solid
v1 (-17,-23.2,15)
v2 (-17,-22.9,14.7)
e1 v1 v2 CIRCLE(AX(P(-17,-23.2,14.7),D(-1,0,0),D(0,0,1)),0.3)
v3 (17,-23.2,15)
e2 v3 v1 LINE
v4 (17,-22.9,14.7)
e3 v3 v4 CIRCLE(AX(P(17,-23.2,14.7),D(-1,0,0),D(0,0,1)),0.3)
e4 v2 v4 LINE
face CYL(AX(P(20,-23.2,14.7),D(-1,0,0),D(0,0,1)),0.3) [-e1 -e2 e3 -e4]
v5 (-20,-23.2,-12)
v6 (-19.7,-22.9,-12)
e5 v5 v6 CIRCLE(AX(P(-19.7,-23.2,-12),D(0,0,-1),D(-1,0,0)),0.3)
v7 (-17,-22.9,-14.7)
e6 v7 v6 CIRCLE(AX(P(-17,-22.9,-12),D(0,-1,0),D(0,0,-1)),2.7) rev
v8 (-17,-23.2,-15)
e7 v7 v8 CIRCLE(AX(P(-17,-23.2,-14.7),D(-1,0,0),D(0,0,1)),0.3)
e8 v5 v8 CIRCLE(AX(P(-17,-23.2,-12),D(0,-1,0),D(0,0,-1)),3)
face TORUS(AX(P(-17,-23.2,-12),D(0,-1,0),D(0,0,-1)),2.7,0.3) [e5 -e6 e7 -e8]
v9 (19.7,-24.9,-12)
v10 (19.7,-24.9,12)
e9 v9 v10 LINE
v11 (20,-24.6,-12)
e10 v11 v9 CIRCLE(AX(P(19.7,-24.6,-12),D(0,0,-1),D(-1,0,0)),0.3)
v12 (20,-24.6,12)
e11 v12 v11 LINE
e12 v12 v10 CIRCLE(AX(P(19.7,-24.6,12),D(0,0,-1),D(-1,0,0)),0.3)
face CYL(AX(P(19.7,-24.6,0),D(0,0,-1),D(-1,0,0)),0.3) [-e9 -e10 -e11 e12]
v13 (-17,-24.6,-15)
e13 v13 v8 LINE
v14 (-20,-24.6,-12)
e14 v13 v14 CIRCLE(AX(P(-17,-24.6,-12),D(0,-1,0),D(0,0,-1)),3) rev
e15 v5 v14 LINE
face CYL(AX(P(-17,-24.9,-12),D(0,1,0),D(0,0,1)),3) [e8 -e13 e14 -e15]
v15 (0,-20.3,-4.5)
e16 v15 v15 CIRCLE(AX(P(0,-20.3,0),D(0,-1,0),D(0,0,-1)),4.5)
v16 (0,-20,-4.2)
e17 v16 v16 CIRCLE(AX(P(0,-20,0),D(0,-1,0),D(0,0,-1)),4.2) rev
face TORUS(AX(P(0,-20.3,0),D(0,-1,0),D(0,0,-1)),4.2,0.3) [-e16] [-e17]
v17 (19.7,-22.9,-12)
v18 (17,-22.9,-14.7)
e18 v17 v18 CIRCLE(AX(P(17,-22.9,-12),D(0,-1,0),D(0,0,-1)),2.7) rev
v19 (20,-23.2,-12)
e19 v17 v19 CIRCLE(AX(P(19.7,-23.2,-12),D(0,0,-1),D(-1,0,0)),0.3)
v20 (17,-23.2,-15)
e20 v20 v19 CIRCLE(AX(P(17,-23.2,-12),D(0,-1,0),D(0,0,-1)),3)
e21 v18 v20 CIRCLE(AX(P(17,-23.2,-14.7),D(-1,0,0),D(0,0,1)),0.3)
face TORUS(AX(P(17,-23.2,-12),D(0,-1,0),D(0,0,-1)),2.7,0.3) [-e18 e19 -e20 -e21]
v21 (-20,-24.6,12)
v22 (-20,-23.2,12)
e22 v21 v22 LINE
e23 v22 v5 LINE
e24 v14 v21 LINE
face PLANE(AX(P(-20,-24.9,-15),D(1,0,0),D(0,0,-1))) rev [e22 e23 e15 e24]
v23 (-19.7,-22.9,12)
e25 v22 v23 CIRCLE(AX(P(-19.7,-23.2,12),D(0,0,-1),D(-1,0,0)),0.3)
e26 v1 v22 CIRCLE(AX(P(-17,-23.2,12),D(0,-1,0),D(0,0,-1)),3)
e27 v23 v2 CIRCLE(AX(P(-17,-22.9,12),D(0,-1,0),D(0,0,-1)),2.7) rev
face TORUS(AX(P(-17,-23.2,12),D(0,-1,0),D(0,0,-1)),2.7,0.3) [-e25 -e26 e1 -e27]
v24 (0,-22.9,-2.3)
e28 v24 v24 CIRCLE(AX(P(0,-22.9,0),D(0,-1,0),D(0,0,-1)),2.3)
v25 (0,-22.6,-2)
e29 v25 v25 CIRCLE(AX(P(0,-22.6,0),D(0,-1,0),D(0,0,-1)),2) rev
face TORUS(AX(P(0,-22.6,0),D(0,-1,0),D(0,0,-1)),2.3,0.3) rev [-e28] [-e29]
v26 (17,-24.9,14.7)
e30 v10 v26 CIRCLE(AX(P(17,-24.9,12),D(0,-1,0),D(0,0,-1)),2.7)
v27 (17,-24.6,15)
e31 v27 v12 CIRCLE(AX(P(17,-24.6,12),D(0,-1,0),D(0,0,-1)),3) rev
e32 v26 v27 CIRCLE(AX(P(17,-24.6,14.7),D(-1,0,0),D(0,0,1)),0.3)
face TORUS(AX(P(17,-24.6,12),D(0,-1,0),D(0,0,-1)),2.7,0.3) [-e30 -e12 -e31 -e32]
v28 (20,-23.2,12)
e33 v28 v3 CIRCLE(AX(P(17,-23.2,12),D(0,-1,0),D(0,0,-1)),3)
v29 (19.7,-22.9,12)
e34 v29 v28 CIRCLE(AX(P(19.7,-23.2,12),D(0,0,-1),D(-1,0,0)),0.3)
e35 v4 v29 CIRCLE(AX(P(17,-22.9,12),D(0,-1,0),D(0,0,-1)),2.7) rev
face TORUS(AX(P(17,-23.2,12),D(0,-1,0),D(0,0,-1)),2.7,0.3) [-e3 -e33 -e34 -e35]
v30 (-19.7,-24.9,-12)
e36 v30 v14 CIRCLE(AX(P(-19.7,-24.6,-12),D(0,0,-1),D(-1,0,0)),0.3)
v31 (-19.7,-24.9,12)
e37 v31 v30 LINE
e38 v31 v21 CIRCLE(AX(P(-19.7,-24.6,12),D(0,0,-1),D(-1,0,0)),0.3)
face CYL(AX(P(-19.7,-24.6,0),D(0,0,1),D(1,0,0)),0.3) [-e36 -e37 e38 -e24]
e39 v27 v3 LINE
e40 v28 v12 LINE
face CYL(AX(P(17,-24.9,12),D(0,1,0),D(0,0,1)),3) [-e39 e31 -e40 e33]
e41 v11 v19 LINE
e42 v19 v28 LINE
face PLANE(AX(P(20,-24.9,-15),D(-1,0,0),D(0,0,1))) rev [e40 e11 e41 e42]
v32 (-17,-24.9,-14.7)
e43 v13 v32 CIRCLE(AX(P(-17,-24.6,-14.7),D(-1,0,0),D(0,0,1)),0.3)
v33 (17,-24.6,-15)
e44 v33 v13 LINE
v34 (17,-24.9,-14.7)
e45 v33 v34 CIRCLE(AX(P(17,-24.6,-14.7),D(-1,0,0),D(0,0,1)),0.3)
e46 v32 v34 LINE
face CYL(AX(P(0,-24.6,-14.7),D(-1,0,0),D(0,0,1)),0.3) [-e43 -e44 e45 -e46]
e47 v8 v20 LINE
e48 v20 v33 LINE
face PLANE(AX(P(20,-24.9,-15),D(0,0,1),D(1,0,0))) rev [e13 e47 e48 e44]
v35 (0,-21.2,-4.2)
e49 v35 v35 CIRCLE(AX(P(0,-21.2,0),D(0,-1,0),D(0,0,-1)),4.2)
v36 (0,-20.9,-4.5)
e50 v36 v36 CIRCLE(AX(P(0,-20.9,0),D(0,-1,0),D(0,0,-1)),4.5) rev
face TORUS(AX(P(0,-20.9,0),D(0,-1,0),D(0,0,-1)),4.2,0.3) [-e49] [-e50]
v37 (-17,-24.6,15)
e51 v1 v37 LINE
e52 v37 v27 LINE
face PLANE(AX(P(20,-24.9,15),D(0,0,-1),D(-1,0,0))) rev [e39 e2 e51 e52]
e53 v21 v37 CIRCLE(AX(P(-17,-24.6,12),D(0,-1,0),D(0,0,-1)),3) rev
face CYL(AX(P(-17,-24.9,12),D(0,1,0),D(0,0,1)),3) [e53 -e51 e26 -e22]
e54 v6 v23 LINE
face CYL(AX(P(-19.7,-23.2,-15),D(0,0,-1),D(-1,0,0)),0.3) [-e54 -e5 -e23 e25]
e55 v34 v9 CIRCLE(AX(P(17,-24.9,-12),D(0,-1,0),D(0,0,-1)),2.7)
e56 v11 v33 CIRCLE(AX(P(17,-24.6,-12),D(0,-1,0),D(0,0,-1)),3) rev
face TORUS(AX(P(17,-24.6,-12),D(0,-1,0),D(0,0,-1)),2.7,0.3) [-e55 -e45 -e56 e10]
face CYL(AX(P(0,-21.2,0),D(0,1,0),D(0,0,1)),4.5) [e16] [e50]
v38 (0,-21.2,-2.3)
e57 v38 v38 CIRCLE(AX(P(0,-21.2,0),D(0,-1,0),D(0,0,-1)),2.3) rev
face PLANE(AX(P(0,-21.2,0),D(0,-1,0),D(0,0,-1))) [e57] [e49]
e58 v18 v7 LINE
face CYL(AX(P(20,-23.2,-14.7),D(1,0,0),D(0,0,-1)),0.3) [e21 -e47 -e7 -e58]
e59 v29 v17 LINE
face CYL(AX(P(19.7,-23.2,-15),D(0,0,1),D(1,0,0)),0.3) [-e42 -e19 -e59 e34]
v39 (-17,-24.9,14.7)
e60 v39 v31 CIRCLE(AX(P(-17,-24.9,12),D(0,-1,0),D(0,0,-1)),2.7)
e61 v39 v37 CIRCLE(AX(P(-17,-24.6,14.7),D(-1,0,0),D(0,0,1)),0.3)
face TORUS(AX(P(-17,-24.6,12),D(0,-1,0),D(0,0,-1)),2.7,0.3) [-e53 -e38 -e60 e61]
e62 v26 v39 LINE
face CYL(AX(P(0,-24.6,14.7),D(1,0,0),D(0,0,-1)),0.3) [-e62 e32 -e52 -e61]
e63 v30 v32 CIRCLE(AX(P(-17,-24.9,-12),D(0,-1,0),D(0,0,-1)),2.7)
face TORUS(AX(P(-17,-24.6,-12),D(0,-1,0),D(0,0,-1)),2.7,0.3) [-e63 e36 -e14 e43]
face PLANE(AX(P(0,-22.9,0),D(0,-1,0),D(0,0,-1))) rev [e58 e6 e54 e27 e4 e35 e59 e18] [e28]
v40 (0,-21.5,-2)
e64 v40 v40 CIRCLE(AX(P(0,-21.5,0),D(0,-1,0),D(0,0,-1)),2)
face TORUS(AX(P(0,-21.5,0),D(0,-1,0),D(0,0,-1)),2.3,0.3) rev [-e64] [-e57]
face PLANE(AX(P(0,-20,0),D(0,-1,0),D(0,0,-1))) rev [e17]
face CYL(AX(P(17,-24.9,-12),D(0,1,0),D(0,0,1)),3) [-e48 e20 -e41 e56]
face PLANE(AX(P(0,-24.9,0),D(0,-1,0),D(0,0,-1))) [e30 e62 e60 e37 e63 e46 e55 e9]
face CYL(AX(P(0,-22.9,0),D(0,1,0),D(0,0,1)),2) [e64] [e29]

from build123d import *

# Parameters (mm, degrees)
SKETCH1_R           = 4.5
BOSS_EXTRUDE1_DEPTH = 1.2
SKETCH2_R           = 2
BOSS_EXTRUDE2_DEPTH = 1.7
SKETCH4_W           = 40
SKETCH4_H           = 30
BOSS_EXTRUDE3_DEPTH = 2
FILLET1_R           = 3
FILLET2_R           = 0.3
FILLET3_R           = 0.3
FILLET4_R           = 0.3
FILLET5_R           = 0.3
FILLET6_R           = 0.3
FILLET7_R           = 0.3


with BuildPart() as part:
    # Sketch1 → Boss-Extrude1 (new body)
    with BuildSketch(Plane.XZ.offset(20)):
        with Locations(Location((0, 0, 0), (0, 0, 270))):
            Circle(SKETCH1_R)
    extrude(amount=BOSS_EXTRUDE1_DEPTH)

    # Sketch2 → Boss-Extrude2 (add)
    with BuildSketch(Plane.XZ.offset(21.2)):
        with Locations(Location((0, 0, 0), (0, 0, 270))):
            Circle(SKETCH2_R)
    extrude(amount=BOSS_EXTRUDE2_DEPTH)

    # Sketch4 → Boss-Extrude3 (add)
    with BuildSketch(Plane.XZ.offset(22.9)):
        Rectangle(SKETCH4_W, SKETCH4_H)
    extrude(amount=BOSS_EXTRUDE3_DEPTH)

    # Fillet1
    fillet1_edges = [part.edges().sort_by_distance(p)[0] for p in [
        (-20, -23.9, -15),
        (20, -23.9, -15),
        (20, -23.9, 15),
        (-20, -23.9, 15),
    ]]
    fillet(fillet1_edges, radius=FILLET1_R)

    # Fillet2
    fillet2_edges = [part.edges().sort_by_distance(p)[0] for p in [
        (20, -24.9, 0),
        (0, -24.9, -15),
        (-20, -24.9, 0),
        (0, -24.9, 15),
        (-19.121320344, -24.9, -14.121320344),
        (-19.121320344, -24.9, 14.121320344),
        (19.121320344, -24.9, 14.121320344),
        (19.121320344, -24.9, -14.121320344),
    ]]
    fillet(fillet2_edges, radius=FILLET2_R)

    # Fillet3
    fillet3_edges = [part.edges().sort_by_distance(p)[0] for p in [
        (20, -22.9, 0),
        (-20, -22.9, 0),
        (0, -22.9, 15),
        (0, -22.9, -15),
        (-19.121320344, -22.9, -14.121320344),
        (-19.121320344, -22.9, 14.121320344),
        (19.121320344, -22.9, 14.121320344),
        (19.121320344, -22.9, -14.121320344),
    ]]
    fillet(fillet3_edges, radius=FILLET3_R)

    # Fillet4
    fillet4_edges = [part.edges().sort_by_distance(p)[0] for p in [
        (0, -21.2, 4.5),
    ]]
    fillet(fillet4_edges, radius=FILLET4_R)

    # Fillet5
    fillet5_edges = [part.edges().sort_by_distance(p)[0] for p in [
        (0, -20, 4.5),
    ]]
    fillet(fillet5_edges, radius=FILLET5_R)

    # Fillet6
    fillet6_edges = [part.edges().sort_by_distance(p)[0] for p in [
        (0, -22.9, 2),
    ]]
    fillet(fillet6_edges, radius=FILLET6_R)

    # Fillet7
    fillet7_edges = [part.edges().sort_by_distance(p)[0] for p in [
        (0, -21.2, 2),
    ]]
    fillet(fillet7_edges, radius=FILLET7_R)


solid = part.part
